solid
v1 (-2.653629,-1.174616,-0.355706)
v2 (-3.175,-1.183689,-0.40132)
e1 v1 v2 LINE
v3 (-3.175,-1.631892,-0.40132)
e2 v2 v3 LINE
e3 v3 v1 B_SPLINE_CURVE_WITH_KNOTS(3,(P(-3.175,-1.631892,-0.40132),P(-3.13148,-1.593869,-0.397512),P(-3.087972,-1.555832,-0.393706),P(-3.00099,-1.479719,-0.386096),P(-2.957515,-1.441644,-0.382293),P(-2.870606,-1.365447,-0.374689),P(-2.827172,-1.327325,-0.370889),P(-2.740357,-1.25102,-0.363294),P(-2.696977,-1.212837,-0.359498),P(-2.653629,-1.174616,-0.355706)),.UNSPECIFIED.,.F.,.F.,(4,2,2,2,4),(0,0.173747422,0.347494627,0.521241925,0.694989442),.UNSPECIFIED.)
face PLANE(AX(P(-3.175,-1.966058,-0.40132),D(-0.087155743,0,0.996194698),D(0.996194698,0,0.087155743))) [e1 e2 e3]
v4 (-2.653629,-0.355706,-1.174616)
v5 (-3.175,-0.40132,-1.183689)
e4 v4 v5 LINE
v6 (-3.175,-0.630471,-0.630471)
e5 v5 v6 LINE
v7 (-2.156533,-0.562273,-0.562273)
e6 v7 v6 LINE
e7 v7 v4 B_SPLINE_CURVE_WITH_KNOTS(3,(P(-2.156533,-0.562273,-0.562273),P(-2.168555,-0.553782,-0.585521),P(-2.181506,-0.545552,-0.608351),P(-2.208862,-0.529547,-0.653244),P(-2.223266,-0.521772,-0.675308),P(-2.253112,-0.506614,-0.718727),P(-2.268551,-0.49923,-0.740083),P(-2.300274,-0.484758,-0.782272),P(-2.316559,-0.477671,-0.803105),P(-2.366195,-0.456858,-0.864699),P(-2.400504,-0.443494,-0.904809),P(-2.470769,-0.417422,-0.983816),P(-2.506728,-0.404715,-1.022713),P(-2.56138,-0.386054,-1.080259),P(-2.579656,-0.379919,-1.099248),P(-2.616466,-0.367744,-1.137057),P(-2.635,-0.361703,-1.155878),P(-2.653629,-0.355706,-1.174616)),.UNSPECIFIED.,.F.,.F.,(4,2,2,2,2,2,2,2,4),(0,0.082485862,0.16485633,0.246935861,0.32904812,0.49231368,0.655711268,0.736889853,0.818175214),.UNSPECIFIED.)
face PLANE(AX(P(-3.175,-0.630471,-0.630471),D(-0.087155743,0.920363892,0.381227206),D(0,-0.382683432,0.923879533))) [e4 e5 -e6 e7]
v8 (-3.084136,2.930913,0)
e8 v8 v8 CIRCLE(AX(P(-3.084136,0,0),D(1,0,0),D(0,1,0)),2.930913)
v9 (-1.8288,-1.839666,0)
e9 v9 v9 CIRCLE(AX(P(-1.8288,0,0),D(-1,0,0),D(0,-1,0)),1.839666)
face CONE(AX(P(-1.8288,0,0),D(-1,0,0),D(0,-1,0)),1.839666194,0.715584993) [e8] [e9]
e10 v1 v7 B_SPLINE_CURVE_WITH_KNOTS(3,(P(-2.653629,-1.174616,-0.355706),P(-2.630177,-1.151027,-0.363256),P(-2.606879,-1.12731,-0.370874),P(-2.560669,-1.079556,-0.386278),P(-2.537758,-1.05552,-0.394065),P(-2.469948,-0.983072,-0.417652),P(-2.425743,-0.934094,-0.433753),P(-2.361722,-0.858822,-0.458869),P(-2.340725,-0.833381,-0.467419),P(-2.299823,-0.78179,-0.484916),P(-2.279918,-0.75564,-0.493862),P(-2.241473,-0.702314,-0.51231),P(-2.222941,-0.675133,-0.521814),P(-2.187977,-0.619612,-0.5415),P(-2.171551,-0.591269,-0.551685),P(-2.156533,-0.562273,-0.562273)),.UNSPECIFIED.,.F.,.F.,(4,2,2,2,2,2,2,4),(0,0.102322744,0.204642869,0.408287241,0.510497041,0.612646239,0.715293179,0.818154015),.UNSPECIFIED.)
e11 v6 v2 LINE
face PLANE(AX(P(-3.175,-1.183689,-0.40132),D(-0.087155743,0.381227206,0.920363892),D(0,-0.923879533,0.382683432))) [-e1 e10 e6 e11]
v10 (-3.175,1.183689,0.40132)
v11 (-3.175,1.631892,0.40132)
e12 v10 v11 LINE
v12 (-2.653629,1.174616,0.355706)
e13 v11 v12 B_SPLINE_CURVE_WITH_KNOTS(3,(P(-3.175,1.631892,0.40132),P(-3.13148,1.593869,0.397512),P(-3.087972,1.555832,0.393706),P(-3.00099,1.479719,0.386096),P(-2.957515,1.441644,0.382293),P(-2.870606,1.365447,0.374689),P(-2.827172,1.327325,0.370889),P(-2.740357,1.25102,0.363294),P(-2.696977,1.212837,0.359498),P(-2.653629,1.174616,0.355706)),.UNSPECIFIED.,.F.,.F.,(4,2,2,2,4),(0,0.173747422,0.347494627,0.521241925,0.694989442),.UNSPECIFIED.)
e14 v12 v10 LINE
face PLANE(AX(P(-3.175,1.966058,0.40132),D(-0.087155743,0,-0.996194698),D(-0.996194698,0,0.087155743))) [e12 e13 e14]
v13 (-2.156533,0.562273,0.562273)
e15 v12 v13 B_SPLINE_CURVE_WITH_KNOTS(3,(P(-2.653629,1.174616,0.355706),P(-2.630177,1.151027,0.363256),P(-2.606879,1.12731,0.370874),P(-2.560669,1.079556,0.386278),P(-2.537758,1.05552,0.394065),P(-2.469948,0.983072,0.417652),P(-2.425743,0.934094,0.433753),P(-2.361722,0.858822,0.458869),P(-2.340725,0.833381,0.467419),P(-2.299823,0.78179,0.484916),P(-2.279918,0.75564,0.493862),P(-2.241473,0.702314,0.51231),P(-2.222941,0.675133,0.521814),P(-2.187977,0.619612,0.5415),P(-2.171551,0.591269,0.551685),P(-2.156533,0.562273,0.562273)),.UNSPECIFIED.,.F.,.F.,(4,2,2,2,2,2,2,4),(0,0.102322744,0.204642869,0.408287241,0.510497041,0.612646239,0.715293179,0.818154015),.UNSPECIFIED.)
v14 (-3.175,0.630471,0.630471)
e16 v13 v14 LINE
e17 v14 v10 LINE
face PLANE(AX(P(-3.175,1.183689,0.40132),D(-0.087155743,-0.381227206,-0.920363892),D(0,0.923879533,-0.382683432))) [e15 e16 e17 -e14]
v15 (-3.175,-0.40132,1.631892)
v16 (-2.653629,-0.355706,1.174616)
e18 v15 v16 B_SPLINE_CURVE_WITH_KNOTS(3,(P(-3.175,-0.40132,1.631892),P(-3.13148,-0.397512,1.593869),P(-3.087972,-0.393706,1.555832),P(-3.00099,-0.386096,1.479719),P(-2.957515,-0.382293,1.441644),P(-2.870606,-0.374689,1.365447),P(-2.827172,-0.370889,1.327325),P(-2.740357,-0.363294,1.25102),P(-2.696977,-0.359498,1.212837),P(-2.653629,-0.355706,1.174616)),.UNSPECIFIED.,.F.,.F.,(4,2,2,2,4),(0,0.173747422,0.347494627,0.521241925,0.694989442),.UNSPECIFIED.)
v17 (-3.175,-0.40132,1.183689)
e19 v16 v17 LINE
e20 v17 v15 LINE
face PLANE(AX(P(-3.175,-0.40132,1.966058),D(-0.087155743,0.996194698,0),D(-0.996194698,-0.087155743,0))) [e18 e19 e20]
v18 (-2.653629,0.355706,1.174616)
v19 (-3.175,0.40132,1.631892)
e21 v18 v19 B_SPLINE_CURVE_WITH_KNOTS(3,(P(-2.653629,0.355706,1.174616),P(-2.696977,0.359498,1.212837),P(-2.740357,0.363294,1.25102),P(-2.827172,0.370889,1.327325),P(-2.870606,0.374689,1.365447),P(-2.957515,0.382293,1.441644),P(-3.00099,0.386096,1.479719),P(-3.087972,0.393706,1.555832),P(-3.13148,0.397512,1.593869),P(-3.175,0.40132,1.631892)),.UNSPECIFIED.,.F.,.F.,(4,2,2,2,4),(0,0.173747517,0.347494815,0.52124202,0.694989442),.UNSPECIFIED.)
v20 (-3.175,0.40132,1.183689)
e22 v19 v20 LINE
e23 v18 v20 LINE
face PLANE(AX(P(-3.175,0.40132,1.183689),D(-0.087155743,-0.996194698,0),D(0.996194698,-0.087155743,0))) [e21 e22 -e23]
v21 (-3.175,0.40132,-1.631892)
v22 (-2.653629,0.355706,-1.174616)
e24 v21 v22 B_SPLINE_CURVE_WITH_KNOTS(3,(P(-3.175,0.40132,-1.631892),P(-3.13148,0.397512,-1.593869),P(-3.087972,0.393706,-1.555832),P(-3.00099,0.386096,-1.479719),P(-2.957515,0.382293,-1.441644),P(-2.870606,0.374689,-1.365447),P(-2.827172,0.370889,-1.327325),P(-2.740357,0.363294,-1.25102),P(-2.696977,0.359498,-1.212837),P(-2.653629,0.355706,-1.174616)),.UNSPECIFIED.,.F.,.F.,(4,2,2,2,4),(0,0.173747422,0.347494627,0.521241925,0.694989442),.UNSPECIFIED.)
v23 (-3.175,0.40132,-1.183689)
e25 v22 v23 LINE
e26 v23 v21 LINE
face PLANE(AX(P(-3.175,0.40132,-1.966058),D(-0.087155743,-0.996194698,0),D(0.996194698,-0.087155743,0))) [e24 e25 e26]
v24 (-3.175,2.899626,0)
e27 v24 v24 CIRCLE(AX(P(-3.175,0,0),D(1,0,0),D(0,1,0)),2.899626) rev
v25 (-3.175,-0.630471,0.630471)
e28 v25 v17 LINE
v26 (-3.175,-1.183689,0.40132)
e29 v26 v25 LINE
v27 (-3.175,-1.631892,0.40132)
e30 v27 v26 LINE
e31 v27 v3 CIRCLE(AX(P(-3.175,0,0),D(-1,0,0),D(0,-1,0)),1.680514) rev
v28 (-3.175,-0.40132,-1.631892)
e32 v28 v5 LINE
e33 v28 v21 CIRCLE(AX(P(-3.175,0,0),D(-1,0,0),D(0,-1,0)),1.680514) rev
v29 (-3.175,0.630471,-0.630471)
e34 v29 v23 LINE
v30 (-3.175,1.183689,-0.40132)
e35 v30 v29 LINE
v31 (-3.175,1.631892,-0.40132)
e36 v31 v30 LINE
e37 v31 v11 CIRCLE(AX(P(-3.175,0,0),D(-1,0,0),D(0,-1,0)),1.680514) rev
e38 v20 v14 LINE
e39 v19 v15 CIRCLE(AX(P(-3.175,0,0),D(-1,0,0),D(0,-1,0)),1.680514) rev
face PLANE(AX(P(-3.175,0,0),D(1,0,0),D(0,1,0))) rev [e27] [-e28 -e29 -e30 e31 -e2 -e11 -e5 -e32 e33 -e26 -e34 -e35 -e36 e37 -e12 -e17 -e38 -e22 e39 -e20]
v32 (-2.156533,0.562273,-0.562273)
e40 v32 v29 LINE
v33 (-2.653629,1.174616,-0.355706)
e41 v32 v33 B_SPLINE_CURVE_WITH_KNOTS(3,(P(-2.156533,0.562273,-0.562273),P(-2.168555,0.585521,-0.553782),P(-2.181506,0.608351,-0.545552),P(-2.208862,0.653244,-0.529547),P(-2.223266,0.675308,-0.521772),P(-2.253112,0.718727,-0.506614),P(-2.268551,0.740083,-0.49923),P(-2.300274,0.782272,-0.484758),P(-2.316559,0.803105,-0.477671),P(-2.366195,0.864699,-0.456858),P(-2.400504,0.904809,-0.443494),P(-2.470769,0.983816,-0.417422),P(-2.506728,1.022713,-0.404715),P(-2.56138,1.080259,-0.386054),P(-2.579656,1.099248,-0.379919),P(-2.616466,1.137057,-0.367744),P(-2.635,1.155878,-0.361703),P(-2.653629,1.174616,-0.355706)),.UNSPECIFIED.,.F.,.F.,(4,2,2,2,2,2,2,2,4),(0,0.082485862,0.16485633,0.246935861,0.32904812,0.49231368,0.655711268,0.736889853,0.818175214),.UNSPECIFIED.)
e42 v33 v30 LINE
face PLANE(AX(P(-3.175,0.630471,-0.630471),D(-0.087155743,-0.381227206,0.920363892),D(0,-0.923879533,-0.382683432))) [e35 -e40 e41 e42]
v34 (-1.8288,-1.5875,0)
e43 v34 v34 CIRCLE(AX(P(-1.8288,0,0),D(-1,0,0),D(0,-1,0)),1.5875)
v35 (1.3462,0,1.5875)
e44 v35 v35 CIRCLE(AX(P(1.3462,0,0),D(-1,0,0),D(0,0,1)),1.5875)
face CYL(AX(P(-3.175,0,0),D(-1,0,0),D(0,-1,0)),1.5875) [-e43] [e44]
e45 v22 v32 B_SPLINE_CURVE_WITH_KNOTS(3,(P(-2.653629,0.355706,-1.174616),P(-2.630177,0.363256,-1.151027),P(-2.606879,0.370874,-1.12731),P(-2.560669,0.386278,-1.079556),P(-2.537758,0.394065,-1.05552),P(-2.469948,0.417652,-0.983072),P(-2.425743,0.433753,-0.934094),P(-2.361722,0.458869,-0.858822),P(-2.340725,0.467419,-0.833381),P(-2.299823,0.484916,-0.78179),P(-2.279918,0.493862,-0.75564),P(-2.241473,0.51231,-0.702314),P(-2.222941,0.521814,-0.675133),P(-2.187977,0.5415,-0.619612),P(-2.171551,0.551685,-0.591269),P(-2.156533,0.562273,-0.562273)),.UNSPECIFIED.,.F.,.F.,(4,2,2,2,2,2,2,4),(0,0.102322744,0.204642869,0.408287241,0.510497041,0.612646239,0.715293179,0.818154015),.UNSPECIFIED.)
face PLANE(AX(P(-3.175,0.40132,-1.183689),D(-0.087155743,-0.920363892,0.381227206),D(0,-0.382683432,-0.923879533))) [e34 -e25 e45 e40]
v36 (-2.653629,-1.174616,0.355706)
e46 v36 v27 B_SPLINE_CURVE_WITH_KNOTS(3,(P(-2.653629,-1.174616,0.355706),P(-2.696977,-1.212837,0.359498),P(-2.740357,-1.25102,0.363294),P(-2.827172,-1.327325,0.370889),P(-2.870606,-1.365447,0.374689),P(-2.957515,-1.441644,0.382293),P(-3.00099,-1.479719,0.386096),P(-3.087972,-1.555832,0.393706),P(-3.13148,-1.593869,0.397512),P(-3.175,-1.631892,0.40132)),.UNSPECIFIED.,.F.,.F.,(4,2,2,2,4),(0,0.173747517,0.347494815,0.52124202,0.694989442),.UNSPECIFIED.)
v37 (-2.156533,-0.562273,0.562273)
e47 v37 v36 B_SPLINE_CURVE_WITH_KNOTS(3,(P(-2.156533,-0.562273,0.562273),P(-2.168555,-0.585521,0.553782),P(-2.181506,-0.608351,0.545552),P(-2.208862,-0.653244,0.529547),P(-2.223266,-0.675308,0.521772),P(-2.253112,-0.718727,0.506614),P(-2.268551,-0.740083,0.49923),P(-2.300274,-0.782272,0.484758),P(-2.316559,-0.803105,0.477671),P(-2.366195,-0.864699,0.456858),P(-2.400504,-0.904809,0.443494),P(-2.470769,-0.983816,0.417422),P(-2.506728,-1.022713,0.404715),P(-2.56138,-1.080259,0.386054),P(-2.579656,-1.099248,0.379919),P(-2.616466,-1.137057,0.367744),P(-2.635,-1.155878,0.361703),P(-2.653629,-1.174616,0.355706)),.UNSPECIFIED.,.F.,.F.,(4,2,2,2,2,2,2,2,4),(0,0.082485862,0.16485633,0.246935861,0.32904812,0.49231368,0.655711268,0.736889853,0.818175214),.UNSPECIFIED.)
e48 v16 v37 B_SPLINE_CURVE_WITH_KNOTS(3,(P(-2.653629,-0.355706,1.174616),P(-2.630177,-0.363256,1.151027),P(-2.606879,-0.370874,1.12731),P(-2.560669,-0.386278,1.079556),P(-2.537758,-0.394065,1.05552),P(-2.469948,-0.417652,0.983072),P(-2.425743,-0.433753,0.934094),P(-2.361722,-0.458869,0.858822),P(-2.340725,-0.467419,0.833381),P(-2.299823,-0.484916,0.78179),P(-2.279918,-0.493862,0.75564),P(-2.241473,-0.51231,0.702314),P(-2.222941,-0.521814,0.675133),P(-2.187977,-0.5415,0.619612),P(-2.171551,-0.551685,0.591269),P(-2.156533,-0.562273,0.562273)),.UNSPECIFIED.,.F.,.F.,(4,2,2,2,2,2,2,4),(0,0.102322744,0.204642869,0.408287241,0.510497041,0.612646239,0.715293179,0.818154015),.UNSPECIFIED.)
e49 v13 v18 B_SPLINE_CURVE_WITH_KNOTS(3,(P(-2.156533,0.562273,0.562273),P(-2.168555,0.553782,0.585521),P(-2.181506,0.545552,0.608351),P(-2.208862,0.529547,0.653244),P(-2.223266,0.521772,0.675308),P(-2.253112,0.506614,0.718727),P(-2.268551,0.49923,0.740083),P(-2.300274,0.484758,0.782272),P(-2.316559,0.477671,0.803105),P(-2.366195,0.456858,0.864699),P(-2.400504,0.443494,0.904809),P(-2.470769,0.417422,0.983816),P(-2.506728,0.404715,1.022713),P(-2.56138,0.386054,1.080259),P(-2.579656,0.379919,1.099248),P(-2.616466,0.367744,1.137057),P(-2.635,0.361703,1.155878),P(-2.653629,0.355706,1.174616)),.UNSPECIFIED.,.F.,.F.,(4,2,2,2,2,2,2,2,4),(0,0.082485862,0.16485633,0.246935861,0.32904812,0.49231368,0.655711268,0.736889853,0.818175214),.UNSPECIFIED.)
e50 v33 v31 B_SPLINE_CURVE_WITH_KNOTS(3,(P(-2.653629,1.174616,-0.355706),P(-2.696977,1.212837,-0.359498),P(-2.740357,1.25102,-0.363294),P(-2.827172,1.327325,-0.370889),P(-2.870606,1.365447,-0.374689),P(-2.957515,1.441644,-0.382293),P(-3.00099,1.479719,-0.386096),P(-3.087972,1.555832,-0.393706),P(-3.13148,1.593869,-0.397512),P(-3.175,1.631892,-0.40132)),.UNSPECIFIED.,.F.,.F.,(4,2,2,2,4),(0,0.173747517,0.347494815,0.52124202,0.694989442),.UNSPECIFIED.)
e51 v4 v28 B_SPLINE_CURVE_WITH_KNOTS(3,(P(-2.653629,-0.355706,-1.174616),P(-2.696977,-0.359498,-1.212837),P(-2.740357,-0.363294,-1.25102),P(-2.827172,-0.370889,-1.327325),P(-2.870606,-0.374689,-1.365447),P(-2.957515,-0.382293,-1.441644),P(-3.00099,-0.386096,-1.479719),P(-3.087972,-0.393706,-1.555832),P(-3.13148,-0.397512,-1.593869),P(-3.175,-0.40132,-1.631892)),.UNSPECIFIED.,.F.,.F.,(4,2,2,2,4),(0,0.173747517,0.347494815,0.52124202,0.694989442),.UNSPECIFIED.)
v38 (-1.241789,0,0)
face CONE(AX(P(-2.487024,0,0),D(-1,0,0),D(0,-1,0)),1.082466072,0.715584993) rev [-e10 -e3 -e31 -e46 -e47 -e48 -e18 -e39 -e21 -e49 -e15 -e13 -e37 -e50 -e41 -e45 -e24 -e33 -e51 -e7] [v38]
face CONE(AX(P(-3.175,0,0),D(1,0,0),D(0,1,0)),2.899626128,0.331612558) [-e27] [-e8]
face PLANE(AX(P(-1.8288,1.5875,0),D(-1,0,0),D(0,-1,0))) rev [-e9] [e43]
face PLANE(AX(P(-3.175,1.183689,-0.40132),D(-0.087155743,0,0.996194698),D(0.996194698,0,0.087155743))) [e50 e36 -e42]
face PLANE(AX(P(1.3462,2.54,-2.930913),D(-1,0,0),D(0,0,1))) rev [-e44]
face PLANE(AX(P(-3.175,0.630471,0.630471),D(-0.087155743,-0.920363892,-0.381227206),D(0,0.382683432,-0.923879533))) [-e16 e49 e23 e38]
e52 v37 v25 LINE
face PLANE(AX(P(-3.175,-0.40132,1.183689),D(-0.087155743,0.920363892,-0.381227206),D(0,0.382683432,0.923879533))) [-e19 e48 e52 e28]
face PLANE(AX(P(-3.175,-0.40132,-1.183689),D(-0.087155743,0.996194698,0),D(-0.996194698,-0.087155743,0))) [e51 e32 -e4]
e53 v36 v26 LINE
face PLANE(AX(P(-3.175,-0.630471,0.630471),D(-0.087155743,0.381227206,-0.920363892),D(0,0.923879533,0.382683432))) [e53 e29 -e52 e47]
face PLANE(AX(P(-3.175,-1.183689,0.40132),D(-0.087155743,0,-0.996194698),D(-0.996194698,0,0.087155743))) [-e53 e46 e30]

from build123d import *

# Parameters (mm, degrees)
CUT_EXTRUDE1_REACH          = 9.645
CIRPATTERN1_COUNT           = 4
DRAFT1_ANGLE                = 5
CHAMFER1_SIZE               = 0.120396
CHAMFER1_SIZE2              = 0.110273872
SKETCH8_W                   = 2.54
SKETCH8_H                   = 5.08
SCREW_SHORTENING_DEPTH      = 6.221219053
SCREW_SHORTENING_DEPTH_BACK = 6.221219053


with BuildPart() as part:
    # Sketch2 → Revolve1 (revolve)
    with BuildSketch(Plane.XY, mode=Mode.PRIVATE) as revolve1_sk:
        Polygon((-3.175, 0), (3.175, 0), (3.175, 1.5875), (-1.8288, 1.5875), (-1.8288, 1.839666194), (-3.175, 3.0099), align=None)
    revolve(revolve1_sk.sketch.rotate(Axis((-3.175, 0, 0), (1, 0, 0)), 180), axis=Axis((-3.175, 0, 0), (1, 0, 0)))

    # Cut-Extrude1: up to this cone (the profile starts inside it)
    cut_extrude1_end = Plane(origin=(-3.175, 0, 0), z_dir=(-1, 0, 0)).offset(-1.933209747) * Cone(1e-06, 11.960277355, 13.758724211, align=(Align.CENTER, Align.CENTER, Align.MIN), mode=Mode.PRIVATE)
    # Sketch3 → Cut-Extrude1 (cut, up to the surface)
    with BuildSketch(Plane.ZY.offset(3.175), mode=Mode.PRIVATE) as cut_extrude1_sk1:
        with BuildLine():
            Line((0, 0), (2.0066, 0))
            ThreePointArc((2.0066, 0), (1.996438885, 0.201681283), (1.966058447, 0.40132))
            Line((1.966058447, 0.40132), (1.183689224, 0.40132))
            Line((1.183689224, 0.40132), (0.63047064, 0.63047064))
            Line((0.63047064, 0.63047064), (0.40132, 1.183689224))
            Line((0.40132, 1.183689224), (0.40132, 1.966058447))
            ThreePointArc((0.40132, 1.966058447), (0.201681283, 1.996438885), (0, 2.0066))
            Line((0, 2.0066), (0, 0))
        make_face()
    cut_extrude1_tool1 = extrude(cut_extrude1_sk1.sketch, amount=-CUT_EXTRUDE1_REACH, mode=Mode.PRIVATE) & cut_extrude1_end
    cut_extrude1 = cut_extrude1_tool1.solids().sort_by_distance((-3.175, 1.0033, 0.028378))[0]
    add(cut_extrude1, mode=Mode.SUBTRACT)

    # CirPattern1: Cut-Extrude1 ×4 about axis
    cirpattern1_axis = Axis((0, 0, 0), (1, 0, 0))
    for i in range(1, CIRPATTERN1_COUNT):
        add(cut_extrude1.rotate(cirpattern1_axis, i * 360 / CIRPATTERN1_COUNT), mode=Mode.SUBTRACT)

    # Draft1
    draft1_faces = [part.faces().sort_by_distance(p)[0] for p in [
        (-3.009498029, 0.40132, -1.333367825),
        (-2.803736683, 0.526902447, -0.880506376),
        (-2.803736683, 0.880506376, -0.526902447),
        (-3.009498029, 1.333367825, -0.40132),
        (-3.009498029, 1.333367825, 0.40132),
        (-2.803736683, 0.880506376, 0.526902447),
        (-2.803736683, 0.526902447, 0.880506376),
        (-3.009498029, 0.40132, 1.333367825),
        (-3.009498029, -0.40132, 1.333367825),
        (-2.803736683, -0.526902447, 0.880506376),
        (-2.803736683, -0.880506376, 0.526902447),
        (-3.009498029, -1.333367825, 0.40132),
        (-3.009498029, -1.333367825, -0.40132),
        (-2.803736683, -0.880506376, -0.526902447),
        (-2.803736683, -0.526902447, -0.880506376),
        (-3.009498029, -0.40132, -1.333367825),
    ]]
    draft(draft1_faces, Plane(origin=(-3.175, 0, 0), x_dir=(0, -1, 0), z_dir=(-1, 0, 0)), DRAFT1_ANGLE)

    # Chamfer1
    chamfer1_edges = [part.edges().sort_by_distance(p)[0] for p in [
        (-3.175, 3.0099, 0),
    ]]
    chamfer1_side = [part.faces().sort_by_distance(p)[0] for p in [
        (-2.5019, 2.424783097, 0),
    ]]
    chamfer(chamfer1_edges, length=CHAMFER1_SIZE, length2=CHAMFER1_SIZE2, reference=chamfer1_side[0])

    # Sketch8 → Screw Shortening (cut, two sides)
    with BuildSketch(Plane.XY) as screw_shortening_sk:
        with Locations((2.6162, 0)):
            Rectangle(SKETCH8_W, SKETCH8_H)
    extrude(amount=SCREW_SHORTENING_DEPTH, mode=Mode.SUBTRACT)
    extrude(screw_shortening_sk.sketch, amount=-SCREW_SHORTENING_DEPTH_BACK, mode=Mode.SUBTRACT)


solid = part.part
